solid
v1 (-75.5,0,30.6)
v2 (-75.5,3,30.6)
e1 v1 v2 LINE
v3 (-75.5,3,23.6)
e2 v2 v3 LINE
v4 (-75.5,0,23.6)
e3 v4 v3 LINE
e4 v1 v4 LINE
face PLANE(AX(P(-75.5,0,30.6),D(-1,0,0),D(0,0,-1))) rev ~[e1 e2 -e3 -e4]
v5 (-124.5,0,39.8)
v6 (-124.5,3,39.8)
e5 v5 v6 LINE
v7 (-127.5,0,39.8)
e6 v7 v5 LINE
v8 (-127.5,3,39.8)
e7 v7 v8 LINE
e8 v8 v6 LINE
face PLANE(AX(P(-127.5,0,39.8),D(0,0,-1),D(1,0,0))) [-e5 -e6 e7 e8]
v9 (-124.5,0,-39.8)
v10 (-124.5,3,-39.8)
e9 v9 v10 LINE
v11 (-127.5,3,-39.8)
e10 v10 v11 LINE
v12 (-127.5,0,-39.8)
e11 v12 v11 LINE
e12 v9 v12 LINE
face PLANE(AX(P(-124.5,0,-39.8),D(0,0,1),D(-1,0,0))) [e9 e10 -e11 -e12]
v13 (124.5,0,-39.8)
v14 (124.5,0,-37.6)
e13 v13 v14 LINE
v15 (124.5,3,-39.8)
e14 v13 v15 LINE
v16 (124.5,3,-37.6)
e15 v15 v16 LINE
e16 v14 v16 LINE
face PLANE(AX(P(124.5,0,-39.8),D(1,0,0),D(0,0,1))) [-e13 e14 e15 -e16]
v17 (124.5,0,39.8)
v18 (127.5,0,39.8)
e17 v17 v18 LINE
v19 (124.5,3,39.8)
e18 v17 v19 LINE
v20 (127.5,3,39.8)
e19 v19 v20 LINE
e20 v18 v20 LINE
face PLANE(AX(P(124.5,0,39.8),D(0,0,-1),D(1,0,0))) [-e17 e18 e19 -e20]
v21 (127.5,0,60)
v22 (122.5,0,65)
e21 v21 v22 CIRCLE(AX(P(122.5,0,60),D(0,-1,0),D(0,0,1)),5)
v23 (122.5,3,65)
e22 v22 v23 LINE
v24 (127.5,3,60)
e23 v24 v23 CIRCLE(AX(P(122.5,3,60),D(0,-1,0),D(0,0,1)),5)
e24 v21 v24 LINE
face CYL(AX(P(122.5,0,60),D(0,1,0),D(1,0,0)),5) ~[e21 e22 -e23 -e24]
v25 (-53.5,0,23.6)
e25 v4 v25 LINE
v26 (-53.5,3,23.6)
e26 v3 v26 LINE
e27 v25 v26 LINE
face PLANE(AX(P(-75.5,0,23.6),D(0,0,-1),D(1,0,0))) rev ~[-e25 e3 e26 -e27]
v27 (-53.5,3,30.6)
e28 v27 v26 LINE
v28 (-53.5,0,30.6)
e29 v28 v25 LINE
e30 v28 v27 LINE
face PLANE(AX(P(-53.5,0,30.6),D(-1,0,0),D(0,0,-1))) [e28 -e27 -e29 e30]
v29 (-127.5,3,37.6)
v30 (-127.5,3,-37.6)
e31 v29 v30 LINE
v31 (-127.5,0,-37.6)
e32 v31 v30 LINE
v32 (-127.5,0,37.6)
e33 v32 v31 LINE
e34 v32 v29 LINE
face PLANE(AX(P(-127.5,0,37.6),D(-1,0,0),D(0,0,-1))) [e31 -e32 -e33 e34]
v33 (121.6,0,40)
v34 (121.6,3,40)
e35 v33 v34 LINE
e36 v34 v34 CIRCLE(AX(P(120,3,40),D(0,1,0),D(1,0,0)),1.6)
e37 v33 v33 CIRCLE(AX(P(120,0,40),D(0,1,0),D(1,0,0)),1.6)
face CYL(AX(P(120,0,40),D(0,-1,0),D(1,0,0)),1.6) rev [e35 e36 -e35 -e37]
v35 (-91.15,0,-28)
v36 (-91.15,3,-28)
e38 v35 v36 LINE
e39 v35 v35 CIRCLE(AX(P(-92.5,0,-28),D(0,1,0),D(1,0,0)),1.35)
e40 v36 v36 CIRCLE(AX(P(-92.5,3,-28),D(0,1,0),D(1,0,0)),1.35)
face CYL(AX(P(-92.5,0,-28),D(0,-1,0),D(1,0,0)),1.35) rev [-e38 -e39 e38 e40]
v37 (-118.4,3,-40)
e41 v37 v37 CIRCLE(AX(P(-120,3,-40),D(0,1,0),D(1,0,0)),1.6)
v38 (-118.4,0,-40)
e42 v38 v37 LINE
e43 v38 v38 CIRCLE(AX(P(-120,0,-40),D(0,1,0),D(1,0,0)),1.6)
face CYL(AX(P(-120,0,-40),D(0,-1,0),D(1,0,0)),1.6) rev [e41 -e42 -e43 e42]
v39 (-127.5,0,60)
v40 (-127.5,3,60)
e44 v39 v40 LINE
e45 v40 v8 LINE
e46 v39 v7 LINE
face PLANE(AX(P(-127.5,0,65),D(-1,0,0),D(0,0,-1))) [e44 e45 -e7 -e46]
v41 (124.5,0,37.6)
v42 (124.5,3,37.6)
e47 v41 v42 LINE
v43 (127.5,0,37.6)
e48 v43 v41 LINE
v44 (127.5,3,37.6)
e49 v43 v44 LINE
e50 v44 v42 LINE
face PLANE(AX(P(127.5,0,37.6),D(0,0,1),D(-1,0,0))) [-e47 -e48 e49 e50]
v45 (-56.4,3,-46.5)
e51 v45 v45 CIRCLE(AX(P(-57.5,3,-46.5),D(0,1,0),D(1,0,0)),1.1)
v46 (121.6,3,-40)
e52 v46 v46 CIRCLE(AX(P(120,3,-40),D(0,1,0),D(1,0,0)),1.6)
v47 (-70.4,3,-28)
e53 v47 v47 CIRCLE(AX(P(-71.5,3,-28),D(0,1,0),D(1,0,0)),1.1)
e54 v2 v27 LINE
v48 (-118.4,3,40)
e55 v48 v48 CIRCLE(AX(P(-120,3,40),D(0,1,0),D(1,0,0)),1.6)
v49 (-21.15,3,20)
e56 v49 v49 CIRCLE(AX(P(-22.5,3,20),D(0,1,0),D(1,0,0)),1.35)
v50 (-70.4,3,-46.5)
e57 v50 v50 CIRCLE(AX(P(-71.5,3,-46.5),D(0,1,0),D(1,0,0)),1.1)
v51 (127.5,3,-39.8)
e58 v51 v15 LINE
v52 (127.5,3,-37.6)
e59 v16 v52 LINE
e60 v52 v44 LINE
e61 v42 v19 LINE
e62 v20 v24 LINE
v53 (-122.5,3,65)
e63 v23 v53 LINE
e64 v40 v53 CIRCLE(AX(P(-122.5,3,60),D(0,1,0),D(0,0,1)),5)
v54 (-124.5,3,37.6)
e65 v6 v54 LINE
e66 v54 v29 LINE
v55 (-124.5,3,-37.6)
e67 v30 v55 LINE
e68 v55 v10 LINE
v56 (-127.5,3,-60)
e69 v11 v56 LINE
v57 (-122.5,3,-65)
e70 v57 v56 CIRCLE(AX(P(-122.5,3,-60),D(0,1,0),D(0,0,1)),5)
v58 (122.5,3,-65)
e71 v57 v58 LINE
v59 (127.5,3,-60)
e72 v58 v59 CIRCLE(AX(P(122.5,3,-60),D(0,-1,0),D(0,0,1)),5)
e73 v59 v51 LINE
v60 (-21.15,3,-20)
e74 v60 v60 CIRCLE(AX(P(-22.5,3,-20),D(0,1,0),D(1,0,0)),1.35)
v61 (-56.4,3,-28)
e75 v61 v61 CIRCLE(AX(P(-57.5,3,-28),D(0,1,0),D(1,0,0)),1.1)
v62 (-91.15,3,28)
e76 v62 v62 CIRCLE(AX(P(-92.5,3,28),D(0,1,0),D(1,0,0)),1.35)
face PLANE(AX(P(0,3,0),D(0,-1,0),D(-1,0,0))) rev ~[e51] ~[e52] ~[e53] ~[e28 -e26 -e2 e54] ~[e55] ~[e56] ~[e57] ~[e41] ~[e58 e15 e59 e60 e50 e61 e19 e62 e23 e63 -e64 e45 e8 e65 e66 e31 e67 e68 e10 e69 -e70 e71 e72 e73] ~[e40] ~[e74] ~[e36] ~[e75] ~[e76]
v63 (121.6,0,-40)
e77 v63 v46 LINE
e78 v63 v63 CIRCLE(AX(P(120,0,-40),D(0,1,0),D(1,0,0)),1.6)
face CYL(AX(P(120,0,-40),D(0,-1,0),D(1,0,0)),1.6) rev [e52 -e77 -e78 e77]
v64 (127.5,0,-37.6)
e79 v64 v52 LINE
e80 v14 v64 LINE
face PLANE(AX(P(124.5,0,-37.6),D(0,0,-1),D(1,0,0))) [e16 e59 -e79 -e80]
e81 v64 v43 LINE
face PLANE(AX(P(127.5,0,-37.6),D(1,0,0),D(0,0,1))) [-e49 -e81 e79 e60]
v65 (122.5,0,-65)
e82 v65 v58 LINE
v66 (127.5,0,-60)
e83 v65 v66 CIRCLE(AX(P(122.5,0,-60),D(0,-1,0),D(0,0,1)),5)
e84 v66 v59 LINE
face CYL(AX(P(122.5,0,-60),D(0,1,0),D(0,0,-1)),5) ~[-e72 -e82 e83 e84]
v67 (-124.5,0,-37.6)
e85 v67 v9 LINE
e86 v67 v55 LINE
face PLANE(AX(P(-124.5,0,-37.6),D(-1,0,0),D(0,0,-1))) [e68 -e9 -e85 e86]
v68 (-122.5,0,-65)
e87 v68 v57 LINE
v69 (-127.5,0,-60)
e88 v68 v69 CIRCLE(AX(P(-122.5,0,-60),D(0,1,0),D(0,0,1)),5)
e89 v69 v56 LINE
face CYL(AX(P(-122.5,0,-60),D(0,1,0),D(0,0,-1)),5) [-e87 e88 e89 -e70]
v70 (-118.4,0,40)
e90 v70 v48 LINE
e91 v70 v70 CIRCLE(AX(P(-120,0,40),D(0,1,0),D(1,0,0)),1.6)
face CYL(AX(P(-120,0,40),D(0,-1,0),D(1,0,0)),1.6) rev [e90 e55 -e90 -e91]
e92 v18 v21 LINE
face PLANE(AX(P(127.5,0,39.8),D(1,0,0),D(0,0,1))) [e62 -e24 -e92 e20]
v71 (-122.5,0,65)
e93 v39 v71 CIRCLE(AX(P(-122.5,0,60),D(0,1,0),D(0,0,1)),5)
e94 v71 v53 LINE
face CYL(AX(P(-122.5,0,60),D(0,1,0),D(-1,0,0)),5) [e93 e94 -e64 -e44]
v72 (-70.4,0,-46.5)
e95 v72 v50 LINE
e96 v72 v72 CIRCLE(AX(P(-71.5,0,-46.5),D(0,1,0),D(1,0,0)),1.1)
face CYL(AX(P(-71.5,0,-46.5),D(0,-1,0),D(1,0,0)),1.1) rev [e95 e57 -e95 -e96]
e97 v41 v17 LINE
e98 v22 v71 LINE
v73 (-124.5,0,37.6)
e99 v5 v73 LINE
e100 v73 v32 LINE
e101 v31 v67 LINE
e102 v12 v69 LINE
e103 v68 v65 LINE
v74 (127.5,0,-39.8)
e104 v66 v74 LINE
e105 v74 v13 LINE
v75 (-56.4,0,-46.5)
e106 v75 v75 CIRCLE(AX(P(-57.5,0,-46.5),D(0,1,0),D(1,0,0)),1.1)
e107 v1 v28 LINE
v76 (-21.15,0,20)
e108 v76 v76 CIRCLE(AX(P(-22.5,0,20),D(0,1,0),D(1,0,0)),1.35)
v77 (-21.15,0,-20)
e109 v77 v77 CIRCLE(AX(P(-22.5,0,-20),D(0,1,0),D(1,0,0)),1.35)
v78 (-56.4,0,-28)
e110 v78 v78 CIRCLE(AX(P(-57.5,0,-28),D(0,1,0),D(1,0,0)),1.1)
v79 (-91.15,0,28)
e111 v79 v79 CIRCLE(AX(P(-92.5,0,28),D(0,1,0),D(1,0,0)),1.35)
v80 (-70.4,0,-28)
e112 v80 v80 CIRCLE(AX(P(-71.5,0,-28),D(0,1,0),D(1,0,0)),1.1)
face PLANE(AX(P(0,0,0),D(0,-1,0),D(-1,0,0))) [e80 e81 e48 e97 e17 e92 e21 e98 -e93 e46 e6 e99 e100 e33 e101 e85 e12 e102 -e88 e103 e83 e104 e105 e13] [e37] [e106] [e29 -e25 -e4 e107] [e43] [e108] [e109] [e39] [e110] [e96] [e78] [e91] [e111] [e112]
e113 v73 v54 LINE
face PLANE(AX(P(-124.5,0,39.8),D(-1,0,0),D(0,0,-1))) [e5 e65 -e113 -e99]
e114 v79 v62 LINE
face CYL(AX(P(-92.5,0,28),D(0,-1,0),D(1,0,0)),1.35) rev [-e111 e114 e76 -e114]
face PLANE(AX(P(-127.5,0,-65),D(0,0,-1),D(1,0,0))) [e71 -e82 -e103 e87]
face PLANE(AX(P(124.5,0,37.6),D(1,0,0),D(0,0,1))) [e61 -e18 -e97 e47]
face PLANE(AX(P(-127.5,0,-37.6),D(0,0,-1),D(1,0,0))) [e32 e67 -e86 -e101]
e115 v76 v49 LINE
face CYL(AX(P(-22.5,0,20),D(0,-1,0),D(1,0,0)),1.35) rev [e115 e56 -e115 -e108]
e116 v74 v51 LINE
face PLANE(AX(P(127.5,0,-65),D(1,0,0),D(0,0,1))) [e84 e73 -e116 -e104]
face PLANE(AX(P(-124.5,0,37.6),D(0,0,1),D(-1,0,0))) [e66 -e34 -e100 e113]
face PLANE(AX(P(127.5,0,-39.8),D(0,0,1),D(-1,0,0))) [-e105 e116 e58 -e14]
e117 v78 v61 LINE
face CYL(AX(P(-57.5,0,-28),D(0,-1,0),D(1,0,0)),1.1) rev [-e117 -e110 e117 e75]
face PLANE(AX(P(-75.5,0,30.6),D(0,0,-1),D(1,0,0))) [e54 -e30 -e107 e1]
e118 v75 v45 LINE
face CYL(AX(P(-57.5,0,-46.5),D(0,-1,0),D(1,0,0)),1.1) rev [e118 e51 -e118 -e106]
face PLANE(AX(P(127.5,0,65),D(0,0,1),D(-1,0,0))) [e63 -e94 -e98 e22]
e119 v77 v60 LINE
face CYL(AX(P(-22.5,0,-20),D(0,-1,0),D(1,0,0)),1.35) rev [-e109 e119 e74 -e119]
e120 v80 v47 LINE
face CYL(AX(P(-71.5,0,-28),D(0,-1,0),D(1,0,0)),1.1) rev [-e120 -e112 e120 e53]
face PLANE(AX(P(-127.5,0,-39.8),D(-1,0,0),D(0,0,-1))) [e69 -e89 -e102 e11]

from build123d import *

# Parameters (mm, degrees)
SKETCH1_R           = 1.35
SKETCH1_R_2         = 1.6
SKETCH1_R_3         = 1.1
SKETCH1_W           = 22
SKETCH1_H           = 7
BOSS_EXTRUDE1_DEPTH = 3
FILLET1_R           = 5


with BuildPart() as part:
    # Sketch1 → Boss-Extrude1 (new body)
    with BuildSketch(Plane(origin=(0, 0, 0), x_dir=(1, 0, 0), z_dir=(0, 1, 0))):
        Polygon((-127.5, 65), (127.5, 65), (127.5, 39.8), (124.5, 39.8), (124.5, 37.6), (127.5, 37.6), (127.5, -37.6), (124.5, -37.6), (124.5, -39.8), (127.5, -39.8), (127.5, -65), (-127.5, -65), (-127.5, -39.8), (-124.5, -39.8), (-124.5, -37.6), (-127.5, -37.6), (-127.5, 37.6), (-124.5, 37.6), (-124.5, 39.8), (-127.5, 39.8), align=None)
        with Locations((-92.5, 28)):
            Circle(SKETCH1_R, mode=Mode.SUBTRACT)
        with Locations((-22.5, 20)):
            Circle(SKETCH1_R, mode=Mode.SUBTRACT)
        with Locations((-92.5, -28)):
            Circle(SKETCH1_R, mode=Mode.SUBTRACT)
        with Locations((-22.5, -20)):
            Circle(SKETCH1_R, mode=Mode.SUBTRACT)
        with Locations((-120, 40)):
            Circle(SKETCH1_R_2, mode=Mode.SUBTRACT)
        with Locations((120, 40)):
            Circle(SKETCH1_R_2, mode=Mode.SUBTRACT)
        with Locations((120, -40)):
            Circle(SKETCH1_R_2, mode=Mode.SUBTRACT)
        with Locations((-120, -40)):
            Circle(SKETCH1_R_2, mode=Mode.SUBTRACT)
        with Locations((-71.5, 46.5)):
            Circle(SKETCH1_R_3, mode=Mode.SUBTRACT)
        with Locations((-71.5, 28)):
            Circle(SKETCH1_R_3, mode=Mode.SUBTRACT)
        with Locations((-57.5, 46.5)):
            Circle(SKETCH1_R_3, mode=Mode.SUBTRACT)
        with Locations((-57.5, 28)):
            Circle(SKETCH1_R_3, mode=Mode.SUBTRACT)
        with Locations((-64.5, -27.1)):
            Rectangle(SKETCH1_W, SKETCH1_H, mode=Mode.SUBTRACT)
    extrude(amount=BOSS_EXTRUDE1_DEPTH)

    # Fillet1
    fillet1_edges = [part.edges().sort_by_distance(p)[0] for p in [
        (127.5, 1.5, 65),
        (-127.5, 1.5, 65),
        (-127.5, 1.5, -65),
        (127.5, 1.5, -65),
    ]]
    fillet(fillet1_edges, radius=FILLET1_R)


solid = part.part
